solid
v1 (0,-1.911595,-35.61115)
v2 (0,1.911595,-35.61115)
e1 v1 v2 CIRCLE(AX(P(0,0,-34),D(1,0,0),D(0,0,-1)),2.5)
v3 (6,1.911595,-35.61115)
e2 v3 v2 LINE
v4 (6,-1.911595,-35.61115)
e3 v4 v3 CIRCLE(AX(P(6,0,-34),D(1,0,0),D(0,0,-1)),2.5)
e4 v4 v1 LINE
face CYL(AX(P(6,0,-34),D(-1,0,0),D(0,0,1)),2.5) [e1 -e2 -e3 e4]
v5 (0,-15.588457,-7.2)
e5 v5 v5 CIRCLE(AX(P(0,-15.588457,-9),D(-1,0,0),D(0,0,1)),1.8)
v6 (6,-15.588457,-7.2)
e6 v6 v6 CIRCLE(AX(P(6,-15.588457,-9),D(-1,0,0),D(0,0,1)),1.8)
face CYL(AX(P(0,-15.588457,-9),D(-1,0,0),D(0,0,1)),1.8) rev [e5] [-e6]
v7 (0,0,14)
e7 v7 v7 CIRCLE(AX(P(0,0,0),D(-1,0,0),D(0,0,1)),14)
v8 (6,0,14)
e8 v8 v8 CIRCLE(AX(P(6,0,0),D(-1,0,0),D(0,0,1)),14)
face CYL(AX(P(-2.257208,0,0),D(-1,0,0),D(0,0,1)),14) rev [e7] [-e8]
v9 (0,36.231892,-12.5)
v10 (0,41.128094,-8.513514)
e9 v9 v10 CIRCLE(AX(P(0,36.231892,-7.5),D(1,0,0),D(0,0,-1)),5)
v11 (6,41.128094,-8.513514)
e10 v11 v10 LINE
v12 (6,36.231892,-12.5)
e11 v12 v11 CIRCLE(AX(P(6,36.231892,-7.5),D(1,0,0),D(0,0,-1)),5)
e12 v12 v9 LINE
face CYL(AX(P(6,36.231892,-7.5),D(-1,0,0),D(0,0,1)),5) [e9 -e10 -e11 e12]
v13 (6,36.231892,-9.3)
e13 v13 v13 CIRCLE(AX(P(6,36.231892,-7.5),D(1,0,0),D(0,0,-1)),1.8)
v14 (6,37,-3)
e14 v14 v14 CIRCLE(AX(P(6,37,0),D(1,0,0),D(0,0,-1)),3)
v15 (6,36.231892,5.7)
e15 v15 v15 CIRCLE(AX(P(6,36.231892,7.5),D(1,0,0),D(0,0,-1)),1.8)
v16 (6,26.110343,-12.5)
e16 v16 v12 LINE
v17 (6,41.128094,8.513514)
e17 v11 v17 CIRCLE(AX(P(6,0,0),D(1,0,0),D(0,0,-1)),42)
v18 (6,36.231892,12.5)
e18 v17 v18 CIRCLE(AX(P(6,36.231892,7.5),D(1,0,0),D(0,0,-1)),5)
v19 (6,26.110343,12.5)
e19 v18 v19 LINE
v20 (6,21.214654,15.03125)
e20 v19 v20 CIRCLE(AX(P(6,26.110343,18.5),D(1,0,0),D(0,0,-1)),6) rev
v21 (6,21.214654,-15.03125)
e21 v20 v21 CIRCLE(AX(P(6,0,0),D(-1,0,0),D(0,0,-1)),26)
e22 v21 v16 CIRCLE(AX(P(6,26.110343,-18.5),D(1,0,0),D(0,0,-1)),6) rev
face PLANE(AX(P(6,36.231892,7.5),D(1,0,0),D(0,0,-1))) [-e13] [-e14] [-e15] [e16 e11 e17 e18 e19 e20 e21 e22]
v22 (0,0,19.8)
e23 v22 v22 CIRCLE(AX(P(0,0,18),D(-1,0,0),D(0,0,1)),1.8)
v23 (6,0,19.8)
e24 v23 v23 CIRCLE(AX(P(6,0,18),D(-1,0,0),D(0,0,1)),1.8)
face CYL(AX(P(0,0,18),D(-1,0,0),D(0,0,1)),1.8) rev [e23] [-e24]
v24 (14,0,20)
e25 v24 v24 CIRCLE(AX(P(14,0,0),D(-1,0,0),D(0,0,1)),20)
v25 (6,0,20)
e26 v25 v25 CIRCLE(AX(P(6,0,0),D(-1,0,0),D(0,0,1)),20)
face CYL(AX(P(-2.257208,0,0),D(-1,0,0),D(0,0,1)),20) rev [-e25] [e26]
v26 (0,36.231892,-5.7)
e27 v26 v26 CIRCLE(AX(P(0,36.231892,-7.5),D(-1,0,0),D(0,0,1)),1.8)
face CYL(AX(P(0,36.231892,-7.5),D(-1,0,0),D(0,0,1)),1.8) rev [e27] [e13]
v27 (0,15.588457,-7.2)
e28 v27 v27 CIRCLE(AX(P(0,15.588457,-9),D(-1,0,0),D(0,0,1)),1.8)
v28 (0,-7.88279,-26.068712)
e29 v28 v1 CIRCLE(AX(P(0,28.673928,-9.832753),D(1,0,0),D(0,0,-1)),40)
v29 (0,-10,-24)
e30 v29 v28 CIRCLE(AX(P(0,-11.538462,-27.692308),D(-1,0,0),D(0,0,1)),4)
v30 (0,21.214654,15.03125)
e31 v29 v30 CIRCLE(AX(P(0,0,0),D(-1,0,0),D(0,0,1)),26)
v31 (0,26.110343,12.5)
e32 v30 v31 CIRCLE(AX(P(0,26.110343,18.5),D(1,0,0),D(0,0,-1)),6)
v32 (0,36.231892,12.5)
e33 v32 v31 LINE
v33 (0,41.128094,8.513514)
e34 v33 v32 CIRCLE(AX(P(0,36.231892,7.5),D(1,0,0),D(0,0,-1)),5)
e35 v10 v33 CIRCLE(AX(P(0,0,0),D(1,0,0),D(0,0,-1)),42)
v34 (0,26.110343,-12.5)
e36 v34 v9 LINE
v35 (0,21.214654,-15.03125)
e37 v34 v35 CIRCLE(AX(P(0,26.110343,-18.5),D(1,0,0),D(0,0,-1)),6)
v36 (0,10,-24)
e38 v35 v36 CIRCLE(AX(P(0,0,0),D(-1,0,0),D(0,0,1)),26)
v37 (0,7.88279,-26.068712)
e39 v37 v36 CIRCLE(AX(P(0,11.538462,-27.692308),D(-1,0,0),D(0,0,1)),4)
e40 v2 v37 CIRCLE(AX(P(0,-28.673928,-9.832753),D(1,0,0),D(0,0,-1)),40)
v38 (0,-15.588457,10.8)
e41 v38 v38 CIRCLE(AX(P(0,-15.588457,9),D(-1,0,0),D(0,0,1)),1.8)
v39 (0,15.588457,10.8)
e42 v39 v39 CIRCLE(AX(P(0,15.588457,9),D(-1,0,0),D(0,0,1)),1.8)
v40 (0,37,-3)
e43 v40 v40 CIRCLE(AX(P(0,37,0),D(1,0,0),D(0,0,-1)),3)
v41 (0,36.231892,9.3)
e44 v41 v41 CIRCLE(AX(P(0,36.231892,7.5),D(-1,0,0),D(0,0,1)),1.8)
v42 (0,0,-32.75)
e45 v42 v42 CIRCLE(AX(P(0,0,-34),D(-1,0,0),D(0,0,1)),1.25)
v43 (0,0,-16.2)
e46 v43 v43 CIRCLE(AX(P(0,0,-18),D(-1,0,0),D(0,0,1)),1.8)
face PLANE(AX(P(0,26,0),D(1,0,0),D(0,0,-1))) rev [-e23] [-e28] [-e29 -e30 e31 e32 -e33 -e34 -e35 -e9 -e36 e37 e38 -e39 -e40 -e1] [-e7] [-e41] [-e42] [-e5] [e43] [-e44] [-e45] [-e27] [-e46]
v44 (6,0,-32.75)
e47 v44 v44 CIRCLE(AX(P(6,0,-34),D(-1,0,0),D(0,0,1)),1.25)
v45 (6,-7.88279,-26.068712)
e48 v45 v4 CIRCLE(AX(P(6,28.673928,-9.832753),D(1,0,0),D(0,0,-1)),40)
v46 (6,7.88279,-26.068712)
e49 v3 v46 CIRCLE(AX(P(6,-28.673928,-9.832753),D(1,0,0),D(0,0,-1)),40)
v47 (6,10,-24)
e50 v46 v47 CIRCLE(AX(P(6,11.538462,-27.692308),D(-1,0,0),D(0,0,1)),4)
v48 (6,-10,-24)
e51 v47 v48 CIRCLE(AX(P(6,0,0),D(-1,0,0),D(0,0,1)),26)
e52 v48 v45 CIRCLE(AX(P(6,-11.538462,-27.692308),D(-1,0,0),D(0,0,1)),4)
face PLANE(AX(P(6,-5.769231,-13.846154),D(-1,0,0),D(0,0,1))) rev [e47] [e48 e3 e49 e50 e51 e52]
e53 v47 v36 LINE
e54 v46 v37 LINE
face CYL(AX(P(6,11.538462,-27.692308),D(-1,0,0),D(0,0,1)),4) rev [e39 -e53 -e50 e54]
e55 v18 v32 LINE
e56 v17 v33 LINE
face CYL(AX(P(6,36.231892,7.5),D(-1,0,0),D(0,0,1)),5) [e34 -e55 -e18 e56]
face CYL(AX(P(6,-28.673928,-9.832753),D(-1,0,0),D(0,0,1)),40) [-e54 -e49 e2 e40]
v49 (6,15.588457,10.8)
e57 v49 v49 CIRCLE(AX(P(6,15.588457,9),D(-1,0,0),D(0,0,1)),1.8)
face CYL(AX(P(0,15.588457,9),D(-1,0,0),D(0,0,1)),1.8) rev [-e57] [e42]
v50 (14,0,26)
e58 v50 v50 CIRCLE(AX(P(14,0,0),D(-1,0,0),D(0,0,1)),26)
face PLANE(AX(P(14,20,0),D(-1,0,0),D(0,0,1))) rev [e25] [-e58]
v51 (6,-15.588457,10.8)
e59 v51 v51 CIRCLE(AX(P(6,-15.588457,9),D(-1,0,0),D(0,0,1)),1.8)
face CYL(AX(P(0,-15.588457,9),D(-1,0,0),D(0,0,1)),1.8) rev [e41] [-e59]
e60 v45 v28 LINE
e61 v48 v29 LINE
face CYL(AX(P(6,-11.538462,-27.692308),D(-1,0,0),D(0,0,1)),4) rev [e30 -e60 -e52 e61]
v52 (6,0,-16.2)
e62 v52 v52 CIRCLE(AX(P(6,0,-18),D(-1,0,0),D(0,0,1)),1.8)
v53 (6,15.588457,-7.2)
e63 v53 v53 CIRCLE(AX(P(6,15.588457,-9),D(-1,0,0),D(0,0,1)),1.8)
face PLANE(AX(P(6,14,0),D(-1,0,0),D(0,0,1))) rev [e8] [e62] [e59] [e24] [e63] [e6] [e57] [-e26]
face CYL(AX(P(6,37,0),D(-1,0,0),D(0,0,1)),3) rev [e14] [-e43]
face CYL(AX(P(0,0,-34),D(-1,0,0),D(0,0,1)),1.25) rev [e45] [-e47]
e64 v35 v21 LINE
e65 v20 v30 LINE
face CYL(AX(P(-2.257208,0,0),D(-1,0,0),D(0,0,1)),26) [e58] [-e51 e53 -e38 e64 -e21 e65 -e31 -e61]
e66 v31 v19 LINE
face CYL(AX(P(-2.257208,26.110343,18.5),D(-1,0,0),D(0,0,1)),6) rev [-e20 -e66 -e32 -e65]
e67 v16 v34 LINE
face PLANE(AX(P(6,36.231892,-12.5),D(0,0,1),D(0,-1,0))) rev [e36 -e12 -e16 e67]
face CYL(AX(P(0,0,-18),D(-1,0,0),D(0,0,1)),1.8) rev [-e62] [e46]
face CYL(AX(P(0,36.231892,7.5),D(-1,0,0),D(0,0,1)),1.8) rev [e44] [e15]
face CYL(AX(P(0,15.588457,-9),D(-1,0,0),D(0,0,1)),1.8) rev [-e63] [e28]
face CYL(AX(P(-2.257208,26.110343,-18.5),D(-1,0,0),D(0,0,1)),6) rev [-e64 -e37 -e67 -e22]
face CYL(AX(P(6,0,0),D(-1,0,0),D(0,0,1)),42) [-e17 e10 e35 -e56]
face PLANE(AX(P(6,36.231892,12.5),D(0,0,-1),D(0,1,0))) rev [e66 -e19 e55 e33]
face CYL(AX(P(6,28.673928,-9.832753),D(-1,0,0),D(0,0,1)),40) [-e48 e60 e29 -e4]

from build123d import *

# Parameters (mm, degrees)
BOSS_EXTRUDE2_DEPTH   = 6
M3_CLEARANCE_HOLE1_D  = 2.5
SKETCH14_R            = 3
BOSS_EXTRUDE4_DEPTH   = 6
M3_CLEARANCE_HOLE2_D  = 3.6
CIRPATTERN1_COUNT     = 6
FILLET1_R             = 6
M3X0_5_TAPPED_HOLE1_D = 3.6


with BuildPart() as part:
    # Sketch1 → Revolve1 (revolve)
    with BuildSketch(Plane.XY, mode=Mode.PRIVATE) as revolve1_sk:
        Polygon((0, 14), (6, 14), (6, 20), (14, 20), (14, 26), (0, 26), align=None)
    revolve(revolve1_sk.sketch.rotate(Axis((-2.257208118, 0, 0), (1, 0, 0)), 90), axis=Axis((-2.257208118, 0, 0), (1, 0, 0)))

    # Sketch3 → Boss-Extrude2 (add)
    with BuildSketch(Plane(origin=(0, 0, 0), x_dir=(0, 0, -1), z_dir=(1, 0, 0))):
        with BuildLine():
            ThreePointArc((24, -10), (24.831302178, -8.742992446), (26.068711806, -7.882789726))
            ThreePointArc((26.068711806, -7.882789726), (31.05103074, -5.234546759), (35.611149804, -1.911595226))
            ThreePointArc((35.611149804, -1.911595226), (36.5, 0), (35.611149804, 1.911595226))
            ThreePointArc((35.611149804, 1.911595226), (31.05103074, 5.234546759), (26.068711806, 7.882789726))
            ThreePointArc((26.068711806, 7.882789726), (24.831302178, 8.742992446), (24, 10))
            ThreePointArc((24, 10), (26, 0), (24, -10))
        make_face()
    extrude(amount=BOSS_EXTRUDE2_DEPTH)

    # M3 Clearance Hole1 (through all)
    with Locations(Plane.ZY):
        with Locations((-34, 0)):
            Hole(M3_CLEARANCE_HOLE1_D / 2)

    # Sketch14 → Boss-Extrude4 (add)
    with BuildSketch(Plane(origin=(0, 0, 0), x_dir=(0, 0, -1), z_dir=(1, 0, 0))):
        with BuildLine():
            Line((-12.5, 36.231892029), (-12.5, 22.79802623))
            ThreePointArc((-12.5, 22.79802623), (0, 26), (12.5, 22.79802623))
            Line((12.5, 22.79802623), (12.5, 36.231892029))
            ThreePointArc((12.5, 36.231892029), (11.377342361, 39.388823485), (8.513513514, 41.128093655))
            ThreePointArc((8.513513514, 41.128093655), (0, 42), (-8.513513514, 41.128093655))
            ThreePointArc((-8.513513514, 41.128093655), (-11.377342361, 39.388823485), (-12.5, 36.231892029))
        make_face()
        with Locations((0, 37)):
            Circle(SKETCH14_R, mode=Mode.SUBTRACT)
    extrude(amount=BOSS_EXTRUDE4_DEPTH)

    # M3 Clearance Hole2 (through all)
    with Locations(Plane.ZY):
        with Locations((18, 0)):
            m3_clearance_hole2 = Hole(M3_CLEARANCE_HOLE2_D / 2)

    # CirPattern1: M3 Clearance Hole2 ×6 about axis
    cirpattern1_axis = Axis((0, 0, 0), (1, 0, 0))
    for i in range(1, CIRPATTERN1_COUNT):
        add(m3_clearance_hole2.rotate(cirpattern1_axis, i * 360 / CIRPATTERN1_COUNT), mode=Mode.SUBTRACT)

    # Fillet1
    fillet1_edges = [part.edges().sort_by_distance(p)[0] for p in [
        (3, 22.79802623, 12.5),
        (3, 22.79802623, -12.5),
    ]]
    fillet(fillet1_edges, radius=FILLET1_R)

    # M3x0.5 Tapped Hole1 (through all)
    with Locations(Plane.ZY):
        with Locations((7.5, 36.231892029), (-7.5, 36.231892029)):
            Hole(M3X0_5_TAPPED_HOLE1_D / 2)


solid = part.part
